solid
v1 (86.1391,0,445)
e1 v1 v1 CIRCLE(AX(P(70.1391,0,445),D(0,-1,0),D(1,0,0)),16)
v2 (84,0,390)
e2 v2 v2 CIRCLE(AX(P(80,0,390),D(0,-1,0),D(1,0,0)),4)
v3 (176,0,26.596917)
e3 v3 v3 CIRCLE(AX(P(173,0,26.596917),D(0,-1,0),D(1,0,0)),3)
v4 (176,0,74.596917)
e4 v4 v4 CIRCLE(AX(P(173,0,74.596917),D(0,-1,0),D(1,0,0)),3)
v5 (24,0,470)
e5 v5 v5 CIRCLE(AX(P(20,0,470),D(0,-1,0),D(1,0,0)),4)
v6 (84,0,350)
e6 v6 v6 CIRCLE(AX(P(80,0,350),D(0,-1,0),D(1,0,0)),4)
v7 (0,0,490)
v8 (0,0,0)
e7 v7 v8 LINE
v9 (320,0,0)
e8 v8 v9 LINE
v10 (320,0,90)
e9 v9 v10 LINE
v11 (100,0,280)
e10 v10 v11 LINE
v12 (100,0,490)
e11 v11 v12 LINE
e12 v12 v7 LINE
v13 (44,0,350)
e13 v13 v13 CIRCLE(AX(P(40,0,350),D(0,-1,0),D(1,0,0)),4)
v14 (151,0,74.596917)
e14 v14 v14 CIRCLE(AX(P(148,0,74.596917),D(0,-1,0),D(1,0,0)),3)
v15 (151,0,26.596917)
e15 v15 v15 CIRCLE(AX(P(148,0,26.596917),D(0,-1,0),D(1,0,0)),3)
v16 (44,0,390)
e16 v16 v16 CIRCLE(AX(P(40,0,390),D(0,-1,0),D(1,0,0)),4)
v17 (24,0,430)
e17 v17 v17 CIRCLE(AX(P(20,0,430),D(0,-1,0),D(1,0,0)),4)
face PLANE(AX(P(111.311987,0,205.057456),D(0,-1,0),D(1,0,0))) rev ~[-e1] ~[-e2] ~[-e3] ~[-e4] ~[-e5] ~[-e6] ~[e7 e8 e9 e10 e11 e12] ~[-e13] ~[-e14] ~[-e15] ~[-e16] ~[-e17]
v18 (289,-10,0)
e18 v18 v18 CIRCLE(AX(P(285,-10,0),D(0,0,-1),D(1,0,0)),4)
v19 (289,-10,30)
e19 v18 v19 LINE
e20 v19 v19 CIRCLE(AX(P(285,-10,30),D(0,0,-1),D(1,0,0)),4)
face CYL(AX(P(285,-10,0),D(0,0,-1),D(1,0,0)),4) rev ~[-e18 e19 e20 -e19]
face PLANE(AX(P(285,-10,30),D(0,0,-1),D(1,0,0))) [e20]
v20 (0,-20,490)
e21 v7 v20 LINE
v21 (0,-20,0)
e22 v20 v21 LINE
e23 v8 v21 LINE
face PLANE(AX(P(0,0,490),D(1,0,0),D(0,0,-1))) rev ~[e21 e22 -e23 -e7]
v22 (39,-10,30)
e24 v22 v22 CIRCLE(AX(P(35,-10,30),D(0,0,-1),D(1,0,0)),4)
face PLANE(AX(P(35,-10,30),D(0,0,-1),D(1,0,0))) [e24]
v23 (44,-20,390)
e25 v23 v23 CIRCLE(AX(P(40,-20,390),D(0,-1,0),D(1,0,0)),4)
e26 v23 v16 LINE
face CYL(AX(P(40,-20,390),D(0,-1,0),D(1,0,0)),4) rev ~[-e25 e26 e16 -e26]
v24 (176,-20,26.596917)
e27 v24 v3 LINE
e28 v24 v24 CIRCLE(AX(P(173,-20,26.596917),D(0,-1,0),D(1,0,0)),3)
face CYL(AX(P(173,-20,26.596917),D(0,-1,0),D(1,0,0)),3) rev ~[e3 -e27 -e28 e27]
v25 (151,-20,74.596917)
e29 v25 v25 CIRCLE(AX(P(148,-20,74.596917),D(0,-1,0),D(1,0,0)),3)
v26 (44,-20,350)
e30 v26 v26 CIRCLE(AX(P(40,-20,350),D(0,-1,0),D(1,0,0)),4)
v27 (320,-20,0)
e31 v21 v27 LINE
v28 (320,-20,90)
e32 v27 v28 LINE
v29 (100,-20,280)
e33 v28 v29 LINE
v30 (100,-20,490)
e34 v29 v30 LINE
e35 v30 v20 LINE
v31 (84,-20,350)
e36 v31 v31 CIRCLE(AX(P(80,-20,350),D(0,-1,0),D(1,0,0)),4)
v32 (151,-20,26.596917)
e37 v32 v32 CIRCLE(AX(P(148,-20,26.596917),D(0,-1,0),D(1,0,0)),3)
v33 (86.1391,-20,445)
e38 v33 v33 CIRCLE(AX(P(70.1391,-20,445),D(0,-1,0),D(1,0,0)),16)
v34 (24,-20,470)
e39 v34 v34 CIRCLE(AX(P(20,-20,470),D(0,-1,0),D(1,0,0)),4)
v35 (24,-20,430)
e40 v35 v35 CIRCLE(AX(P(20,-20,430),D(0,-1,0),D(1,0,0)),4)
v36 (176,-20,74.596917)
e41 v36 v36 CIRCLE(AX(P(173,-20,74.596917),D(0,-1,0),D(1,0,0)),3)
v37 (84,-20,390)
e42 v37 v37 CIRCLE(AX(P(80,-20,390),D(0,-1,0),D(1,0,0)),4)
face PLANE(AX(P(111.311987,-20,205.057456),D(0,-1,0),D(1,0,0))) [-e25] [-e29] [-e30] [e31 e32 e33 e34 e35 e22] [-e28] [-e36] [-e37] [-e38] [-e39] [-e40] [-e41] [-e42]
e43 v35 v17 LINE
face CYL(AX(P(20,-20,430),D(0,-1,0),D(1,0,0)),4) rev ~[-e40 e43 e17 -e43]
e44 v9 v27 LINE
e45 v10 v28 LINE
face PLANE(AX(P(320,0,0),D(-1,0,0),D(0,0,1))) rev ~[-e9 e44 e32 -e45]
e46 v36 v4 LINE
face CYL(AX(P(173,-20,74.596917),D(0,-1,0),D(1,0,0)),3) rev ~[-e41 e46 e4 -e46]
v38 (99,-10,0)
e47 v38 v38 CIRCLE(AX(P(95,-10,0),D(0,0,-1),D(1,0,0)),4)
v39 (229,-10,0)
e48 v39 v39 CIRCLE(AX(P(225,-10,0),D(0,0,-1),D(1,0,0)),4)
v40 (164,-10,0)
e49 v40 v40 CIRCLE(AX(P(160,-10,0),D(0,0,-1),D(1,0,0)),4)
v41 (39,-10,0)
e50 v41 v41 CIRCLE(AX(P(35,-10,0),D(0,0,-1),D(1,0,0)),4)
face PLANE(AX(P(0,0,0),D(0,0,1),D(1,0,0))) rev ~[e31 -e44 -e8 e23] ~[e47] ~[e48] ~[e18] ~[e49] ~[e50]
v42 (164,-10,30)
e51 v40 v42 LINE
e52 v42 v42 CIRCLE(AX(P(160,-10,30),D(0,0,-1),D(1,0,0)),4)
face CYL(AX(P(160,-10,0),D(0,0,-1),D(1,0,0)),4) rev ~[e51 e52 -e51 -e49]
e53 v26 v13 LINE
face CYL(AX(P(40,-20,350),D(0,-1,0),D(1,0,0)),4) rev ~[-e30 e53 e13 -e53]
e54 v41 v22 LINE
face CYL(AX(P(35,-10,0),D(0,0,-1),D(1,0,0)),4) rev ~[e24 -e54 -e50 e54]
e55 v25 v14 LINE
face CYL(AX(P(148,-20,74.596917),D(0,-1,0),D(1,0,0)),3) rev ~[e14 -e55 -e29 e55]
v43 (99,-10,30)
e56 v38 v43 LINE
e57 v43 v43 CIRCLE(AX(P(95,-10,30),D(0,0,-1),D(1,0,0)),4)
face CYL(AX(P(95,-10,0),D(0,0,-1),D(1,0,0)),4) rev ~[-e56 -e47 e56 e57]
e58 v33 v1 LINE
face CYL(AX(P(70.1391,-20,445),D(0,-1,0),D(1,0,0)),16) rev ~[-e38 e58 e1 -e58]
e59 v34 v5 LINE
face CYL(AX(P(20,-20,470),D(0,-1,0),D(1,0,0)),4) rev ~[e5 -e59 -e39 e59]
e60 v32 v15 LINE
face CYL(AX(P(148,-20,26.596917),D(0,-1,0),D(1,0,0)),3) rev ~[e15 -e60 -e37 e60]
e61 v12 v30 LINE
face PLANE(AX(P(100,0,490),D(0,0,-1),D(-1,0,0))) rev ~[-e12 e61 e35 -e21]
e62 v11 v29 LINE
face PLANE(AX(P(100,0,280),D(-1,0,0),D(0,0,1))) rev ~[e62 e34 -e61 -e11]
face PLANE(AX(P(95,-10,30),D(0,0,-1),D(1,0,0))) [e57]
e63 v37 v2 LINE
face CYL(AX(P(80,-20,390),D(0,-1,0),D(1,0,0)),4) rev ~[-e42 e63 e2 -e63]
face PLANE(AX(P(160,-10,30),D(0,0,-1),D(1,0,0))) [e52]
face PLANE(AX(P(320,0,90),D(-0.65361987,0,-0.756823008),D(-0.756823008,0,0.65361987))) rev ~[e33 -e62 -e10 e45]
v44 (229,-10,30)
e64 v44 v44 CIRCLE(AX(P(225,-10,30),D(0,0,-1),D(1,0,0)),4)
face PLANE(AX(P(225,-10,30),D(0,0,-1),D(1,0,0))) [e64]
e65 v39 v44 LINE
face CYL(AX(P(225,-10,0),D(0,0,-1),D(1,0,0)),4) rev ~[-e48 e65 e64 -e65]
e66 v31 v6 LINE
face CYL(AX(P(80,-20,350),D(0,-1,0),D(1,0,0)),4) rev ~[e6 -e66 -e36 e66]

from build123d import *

# Parameters (mm, degrees)
F1_DEPTH = 20
F2_R     = 3
F2_R_2   = 4
F3_DEPTH = 20
F4_R     = 4
F5_DEPTH = 30
F6_R     = 16
F7_DEPTH = 25


with BuildPart() as f1:
    # F0 (on Front) → F1 (new body)
    with BuildSketch(Plane.XZ):
        Polygon((0, 490), (0, 0), (320, 0), (320, 90), (100, 280), (100, 490), align=None)
    extrude(amount=F1_DEPTH)

    # F2 (on face) → F3 (cut)
    with BuildSketch(Plane.XZ.offset(20)):
        with Locations((148, 26.596917)):
            Circle(F2_R)
        with Locations((148, 74.596917)):
            Circle(F2_R)
        with Locations((173, 74.596917)):
            Circle(F2_R)
        with Locations((173, 26.596917)):
            Circle(F2_R)
        with Locations((20, 470)):
            Circle(F2_R_2)
        with Locations((20, 430)):
            Circle(F2_R_2)
        with Locations((40, 390)):
            Circle(F2_R_2)
        with Locations((80, 390)):
            Circle(F2_R_2)
        with Locations((40, 350)):
            Circle(F2_R_2)
        with Locations((80, 350)):
            Circle(F2_R_2)
    extrude(amount=-F3_DEPTH, mode=Mode.SUBTRACT)

    # F4 (on face) → F5 (cut)
    with BuildSketch(Plane(origin=(0, 0, 0), x_dir=(1, 0, 0), z_dir=(0, 0, -1))):
        with Locations((35, 10)):
            Circle(F4_R)
        with Locations((95, 10)):
            Circle(F4_R)
        with Locations((160, 10)):
            Circle(F4_R)
        with Locations((225, 10)):
            Circle(F4_R)
        with Locations((285, 10)):
            Circle(F4_R)
    extrude(amount=-F5_DEPTH, mode=Mode.SUBTRACT)

    # F6 (on face) → F7 (cut)
    with BuildSketch(Plane.XZ.offset(20)):
        with Locations((70.1391, 445)):
            Circle(F6_R)
    extrude(amount=-F7_DEPTH, mode=Mode.SUBTRACT)


solid = f1.part
